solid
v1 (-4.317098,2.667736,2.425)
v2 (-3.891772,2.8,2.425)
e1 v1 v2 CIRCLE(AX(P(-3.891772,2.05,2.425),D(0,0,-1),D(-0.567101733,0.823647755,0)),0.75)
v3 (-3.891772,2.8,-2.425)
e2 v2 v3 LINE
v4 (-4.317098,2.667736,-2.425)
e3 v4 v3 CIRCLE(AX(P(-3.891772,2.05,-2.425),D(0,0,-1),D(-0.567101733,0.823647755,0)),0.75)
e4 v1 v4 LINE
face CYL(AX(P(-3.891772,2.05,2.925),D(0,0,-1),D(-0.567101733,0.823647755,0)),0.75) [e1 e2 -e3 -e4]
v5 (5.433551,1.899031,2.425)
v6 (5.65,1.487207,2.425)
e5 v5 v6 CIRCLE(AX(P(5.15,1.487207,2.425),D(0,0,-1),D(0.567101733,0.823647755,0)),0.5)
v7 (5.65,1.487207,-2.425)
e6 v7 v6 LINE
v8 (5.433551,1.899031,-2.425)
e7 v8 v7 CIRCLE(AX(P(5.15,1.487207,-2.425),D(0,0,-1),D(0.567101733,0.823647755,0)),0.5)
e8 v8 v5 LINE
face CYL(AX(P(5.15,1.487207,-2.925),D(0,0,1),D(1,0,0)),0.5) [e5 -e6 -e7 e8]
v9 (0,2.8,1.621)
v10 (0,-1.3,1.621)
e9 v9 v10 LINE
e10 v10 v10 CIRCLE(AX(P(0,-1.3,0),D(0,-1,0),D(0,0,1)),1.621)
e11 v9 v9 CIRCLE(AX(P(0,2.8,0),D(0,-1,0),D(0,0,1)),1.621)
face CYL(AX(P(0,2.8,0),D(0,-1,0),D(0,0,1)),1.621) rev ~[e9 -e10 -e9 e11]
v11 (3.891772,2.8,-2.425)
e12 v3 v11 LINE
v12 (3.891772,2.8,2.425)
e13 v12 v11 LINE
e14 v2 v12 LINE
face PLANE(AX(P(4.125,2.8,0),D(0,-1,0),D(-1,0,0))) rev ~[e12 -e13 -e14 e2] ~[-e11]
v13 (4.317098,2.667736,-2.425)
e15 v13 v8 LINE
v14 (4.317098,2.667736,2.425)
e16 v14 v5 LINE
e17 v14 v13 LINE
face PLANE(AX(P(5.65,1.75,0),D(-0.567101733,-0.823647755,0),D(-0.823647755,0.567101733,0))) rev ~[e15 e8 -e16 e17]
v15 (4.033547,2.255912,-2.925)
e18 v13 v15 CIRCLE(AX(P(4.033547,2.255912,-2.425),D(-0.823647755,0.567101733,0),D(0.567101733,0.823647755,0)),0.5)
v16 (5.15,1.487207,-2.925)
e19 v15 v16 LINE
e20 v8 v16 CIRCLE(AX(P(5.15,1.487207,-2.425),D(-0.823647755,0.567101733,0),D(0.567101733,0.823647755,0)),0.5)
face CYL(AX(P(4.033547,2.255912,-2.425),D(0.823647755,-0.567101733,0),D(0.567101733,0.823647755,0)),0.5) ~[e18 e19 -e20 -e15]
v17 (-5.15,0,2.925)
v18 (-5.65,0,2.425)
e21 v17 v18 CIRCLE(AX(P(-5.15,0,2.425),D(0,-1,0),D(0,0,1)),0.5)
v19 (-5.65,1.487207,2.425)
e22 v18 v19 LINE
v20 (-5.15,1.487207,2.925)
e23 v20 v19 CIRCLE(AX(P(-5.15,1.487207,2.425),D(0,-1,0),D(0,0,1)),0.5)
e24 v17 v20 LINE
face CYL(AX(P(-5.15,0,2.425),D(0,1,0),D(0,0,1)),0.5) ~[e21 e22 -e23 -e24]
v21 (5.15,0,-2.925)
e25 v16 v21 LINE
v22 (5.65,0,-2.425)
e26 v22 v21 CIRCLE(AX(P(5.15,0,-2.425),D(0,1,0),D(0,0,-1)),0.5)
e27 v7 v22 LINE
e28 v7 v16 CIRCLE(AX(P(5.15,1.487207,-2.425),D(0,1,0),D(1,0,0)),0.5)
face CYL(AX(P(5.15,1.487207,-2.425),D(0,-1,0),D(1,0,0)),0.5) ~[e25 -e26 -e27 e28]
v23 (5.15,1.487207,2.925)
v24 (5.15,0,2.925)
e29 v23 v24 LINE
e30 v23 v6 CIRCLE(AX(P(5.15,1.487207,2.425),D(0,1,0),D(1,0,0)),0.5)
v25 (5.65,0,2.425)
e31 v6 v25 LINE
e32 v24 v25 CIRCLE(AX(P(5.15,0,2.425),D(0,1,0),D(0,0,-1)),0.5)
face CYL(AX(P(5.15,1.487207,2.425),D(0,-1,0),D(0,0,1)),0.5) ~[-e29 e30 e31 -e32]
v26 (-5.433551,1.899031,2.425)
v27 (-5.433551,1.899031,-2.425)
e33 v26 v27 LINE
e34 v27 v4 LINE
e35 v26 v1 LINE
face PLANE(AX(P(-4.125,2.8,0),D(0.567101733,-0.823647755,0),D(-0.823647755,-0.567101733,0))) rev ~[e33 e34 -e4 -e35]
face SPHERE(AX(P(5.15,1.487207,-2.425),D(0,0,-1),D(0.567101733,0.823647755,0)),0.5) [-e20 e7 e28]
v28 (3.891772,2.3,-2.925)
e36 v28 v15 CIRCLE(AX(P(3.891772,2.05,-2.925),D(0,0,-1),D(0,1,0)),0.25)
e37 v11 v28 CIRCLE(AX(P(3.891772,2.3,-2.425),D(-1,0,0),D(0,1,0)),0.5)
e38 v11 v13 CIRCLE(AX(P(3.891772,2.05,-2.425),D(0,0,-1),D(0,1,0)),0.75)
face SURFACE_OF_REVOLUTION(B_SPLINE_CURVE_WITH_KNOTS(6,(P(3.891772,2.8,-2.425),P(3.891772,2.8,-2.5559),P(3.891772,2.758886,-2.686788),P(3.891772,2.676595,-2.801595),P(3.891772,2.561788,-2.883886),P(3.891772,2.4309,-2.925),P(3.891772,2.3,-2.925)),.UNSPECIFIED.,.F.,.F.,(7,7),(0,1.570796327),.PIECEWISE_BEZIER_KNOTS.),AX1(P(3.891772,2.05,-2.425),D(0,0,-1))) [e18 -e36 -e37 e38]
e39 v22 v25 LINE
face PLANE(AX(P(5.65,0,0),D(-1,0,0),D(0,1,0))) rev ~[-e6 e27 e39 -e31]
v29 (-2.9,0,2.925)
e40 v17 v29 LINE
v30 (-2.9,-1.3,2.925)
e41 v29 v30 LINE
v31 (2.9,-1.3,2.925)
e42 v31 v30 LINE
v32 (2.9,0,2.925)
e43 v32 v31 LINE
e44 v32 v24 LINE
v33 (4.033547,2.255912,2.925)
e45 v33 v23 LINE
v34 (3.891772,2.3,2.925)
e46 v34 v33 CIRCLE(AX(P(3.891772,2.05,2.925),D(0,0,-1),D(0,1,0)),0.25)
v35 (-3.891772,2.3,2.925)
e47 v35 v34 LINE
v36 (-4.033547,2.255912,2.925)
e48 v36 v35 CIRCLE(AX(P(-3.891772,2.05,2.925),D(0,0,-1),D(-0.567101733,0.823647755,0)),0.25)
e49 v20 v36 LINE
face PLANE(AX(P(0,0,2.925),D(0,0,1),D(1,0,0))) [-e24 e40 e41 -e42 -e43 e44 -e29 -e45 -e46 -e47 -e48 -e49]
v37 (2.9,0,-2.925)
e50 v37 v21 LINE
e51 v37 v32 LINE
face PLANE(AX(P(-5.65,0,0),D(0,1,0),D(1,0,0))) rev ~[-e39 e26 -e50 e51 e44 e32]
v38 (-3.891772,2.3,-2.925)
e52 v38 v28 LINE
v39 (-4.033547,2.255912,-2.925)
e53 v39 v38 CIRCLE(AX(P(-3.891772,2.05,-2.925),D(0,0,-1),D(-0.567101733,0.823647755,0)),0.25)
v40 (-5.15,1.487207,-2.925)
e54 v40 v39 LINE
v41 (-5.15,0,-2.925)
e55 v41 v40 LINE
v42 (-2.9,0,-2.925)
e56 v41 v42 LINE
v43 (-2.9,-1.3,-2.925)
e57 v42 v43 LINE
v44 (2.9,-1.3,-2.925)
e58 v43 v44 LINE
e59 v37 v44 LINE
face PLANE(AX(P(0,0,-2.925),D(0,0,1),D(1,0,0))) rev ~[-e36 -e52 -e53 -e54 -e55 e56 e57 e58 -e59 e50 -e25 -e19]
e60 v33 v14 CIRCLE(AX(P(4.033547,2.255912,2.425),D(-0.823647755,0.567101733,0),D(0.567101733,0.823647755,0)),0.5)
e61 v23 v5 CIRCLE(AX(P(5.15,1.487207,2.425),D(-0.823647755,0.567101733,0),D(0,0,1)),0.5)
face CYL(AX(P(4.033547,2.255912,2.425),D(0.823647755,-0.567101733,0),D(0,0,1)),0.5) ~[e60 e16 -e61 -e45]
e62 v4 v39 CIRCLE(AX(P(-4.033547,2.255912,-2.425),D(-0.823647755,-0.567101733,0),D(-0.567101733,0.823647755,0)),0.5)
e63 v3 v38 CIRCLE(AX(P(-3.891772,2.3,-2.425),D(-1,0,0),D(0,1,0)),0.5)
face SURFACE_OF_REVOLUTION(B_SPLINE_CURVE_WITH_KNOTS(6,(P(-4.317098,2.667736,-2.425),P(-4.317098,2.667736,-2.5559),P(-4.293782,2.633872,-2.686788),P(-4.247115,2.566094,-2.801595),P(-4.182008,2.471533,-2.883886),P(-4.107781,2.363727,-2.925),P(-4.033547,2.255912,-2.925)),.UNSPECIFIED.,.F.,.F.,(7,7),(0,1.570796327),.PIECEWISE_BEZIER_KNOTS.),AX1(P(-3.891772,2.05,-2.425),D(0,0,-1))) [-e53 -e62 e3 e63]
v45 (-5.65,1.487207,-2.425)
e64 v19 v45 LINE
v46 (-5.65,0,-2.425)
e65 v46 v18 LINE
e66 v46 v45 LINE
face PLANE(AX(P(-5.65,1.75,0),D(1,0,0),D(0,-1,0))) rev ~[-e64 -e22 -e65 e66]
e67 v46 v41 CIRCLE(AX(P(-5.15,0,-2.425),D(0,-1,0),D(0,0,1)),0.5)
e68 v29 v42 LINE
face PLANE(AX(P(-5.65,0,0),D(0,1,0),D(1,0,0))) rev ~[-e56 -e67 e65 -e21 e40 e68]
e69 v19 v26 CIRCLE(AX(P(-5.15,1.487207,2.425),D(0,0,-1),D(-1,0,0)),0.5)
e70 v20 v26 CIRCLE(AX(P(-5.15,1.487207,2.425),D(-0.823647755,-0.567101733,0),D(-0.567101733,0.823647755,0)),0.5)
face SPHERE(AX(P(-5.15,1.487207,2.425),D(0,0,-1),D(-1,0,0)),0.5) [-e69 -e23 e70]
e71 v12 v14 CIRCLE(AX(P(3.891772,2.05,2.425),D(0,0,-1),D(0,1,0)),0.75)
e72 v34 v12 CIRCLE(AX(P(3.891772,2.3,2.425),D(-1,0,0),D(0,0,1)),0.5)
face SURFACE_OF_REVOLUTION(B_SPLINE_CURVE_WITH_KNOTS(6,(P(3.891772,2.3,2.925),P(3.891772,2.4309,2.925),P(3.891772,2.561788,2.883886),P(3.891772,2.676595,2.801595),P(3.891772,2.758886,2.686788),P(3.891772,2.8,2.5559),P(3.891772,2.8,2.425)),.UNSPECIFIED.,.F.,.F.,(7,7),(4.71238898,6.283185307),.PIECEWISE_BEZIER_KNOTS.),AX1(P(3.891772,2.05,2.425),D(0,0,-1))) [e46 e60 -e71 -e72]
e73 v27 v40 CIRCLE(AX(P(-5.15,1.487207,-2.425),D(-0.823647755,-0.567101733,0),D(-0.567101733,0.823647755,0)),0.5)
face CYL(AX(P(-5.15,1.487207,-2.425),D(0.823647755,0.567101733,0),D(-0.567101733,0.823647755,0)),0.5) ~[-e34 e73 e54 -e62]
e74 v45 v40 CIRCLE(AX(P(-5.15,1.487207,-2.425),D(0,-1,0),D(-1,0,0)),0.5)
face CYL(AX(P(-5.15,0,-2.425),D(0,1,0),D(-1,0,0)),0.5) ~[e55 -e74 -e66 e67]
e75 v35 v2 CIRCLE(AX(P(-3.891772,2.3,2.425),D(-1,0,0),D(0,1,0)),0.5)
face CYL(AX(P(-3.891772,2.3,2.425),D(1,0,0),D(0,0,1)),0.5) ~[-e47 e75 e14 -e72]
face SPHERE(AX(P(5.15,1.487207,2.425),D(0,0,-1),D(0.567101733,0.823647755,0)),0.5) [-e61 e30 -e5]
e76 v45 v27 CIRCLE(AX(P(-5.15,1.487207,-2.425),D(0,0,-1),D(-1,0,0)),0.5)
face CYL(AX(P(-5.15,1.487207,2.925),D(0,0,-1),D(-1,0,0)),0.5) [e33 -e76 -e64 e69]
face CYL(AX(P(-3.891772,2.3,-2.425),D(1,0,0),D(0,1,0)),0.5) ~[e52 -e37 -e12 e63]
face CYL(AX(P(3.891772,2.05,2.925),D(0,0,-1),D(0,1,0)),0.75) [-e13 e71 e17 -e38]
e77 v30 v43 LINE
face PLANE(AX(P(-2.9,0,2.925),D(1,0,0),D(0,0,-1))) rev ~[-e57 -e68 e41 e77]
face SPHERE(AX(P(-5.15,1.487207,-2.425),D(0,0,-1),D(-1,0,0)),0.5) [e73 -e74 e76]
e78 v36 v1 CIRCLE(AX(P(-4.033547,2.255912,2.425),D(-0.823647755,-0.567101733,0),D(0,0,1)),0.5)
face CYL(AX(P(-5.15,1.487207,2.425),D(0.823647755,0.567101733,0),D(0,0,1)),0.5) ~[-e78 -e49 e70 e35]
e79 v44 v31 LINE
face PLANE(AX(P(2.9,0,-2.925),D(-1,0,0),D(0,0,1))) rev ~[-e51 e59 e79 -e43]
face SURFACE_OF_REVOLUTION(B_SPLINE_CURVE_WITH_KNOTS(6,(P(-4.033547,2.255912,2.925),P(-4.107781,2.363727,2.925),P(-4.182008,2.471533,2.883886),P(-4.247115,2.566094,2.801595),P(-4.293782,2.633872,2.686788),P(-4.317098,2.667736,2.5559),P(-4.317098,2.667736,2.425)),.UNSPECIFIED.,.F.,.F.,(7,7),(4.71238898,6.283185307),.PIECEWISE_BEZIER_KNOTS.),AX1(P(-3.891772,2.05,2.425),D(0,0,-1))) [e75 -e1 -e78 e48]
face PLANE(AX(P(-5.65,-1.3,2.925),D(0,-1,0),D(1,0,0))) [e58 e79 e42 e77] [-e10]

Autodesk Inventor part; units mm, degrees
ref_plane "YZ Plane" through (0, 0, 0) normal (1, 0, 0) x (0, 1, 0)
ref_plane "XZ Plane" through (0, 0, 0) normal (0, 1, 0) x (-1, 0, 0)
ref_plane "XY Plane" through (0, 0, 0) normal (0, 0, 1) x (1, 0, 0)
sketch "Esquisse1" plane through (0, 0, 0) normal (0, 0, 1) x (1, 0, 0)
  line L0 (-5.65, 0) -> (5.65, 0)
  line L1 (5.65, 0) -> (5.65, 1.75)
  line L2 (5.65, 1.75) -> (4.125, 2.8)
  line L3 (4.125, 2.8) -> (-4.125, 2.8)
  line L4 (-4.125, 2.8) -> (-5.65, 1.75)
  line L5 (-5.65, 1.75) -> (-5.65, 0)
  point P0 (0, 0)
  dimension "d0" = 11.3
  dimension "d1" = 2.8
  dimension "d2" = 8.25
  dimension "d3" = 5.65
  dimension "d4" = 1.75
extrude "Extrusion1" add sketch "Esquisse1" along normal mid plane 5.85
sketch "Esquisse2" plane through (-5.65, 0, 2.925) normal (0, -1, 0) x (1, 0, 0)
  line L0 (2.75, -5.85) -> (8.55, -5.85)
  line L1 (8.55, -5.85) -> (8.55, 0)
  line L2 (8.55, 0) -> (2.75, 0)
  line L3 (2.75, 0) -> (2.75, -5.85)
  line L4 (2.75, -5.85) -> (8.55, 0) construction
  line L5 (8.55, -5.85) -> (2.75, 0) construction
  line L6 (0, 0) -> (11.3, 0) projected
  point P0 (5.65, -2.925)
  dimension "d7" = 5.8
extrude "Extrusion2" add sketch "Esquisse2" along normal blind 1.3
sketch "Esquisse3" plane through (-4.125, 2.8, 2.925) normal (0, 1, 0) x (1, 0, 0)
  point P0 (4.125, 2.925)
  point P1 (4.125, 2.925)
hole "Perçage1" at (0, 2.8, 0) direction (0, -1, 0) diameter 3.242 depth 11.8 tip angle 118 thread size "M4x0.7" class "6H" standard "ISO Metric profile"
fillet "Congé1" radius 0.5 2 edges at (-5.65, 1.75, 0) (5.65, 1.75, 0)
fillet "Congé2" radius 0.75 2 edges at (4.125, 2.8, 0) (-4.125, 2.8, 0)
fillet "Congé3" radius 0.5 18 edges at (-5.5926, 1.7198, 2.925) (-5.65, 0.7436, 2.925) (-4.1145, 2.7662, 2.925) (0, 2.8, 2.925) (4.1145, 2.7662, 2.925) (4.8753, 2.2834, 2.925) (5.5926, 1.7198, 2.925) (5.65, 0.7436, 2.925) (-4.8753, 2.2834, 2.925) (-4.1145, 2.7662, -2.925) (0, 2.8, -2.925) (4.1145, 2.7662, -2.925) (4.8753, 2.2834, -2.925) (5.5926, 1.7198, -2.925) (5.65, 0.7436, -2.925) (-5.5926, 1.7198, -2.925) (-5.65, 0.7436, -2.925) (-4.8753, 2.2834, -2.925)
equation "\"d3\" = 0.5 * d0"
properties part number "Noix M4" material "Acier"
